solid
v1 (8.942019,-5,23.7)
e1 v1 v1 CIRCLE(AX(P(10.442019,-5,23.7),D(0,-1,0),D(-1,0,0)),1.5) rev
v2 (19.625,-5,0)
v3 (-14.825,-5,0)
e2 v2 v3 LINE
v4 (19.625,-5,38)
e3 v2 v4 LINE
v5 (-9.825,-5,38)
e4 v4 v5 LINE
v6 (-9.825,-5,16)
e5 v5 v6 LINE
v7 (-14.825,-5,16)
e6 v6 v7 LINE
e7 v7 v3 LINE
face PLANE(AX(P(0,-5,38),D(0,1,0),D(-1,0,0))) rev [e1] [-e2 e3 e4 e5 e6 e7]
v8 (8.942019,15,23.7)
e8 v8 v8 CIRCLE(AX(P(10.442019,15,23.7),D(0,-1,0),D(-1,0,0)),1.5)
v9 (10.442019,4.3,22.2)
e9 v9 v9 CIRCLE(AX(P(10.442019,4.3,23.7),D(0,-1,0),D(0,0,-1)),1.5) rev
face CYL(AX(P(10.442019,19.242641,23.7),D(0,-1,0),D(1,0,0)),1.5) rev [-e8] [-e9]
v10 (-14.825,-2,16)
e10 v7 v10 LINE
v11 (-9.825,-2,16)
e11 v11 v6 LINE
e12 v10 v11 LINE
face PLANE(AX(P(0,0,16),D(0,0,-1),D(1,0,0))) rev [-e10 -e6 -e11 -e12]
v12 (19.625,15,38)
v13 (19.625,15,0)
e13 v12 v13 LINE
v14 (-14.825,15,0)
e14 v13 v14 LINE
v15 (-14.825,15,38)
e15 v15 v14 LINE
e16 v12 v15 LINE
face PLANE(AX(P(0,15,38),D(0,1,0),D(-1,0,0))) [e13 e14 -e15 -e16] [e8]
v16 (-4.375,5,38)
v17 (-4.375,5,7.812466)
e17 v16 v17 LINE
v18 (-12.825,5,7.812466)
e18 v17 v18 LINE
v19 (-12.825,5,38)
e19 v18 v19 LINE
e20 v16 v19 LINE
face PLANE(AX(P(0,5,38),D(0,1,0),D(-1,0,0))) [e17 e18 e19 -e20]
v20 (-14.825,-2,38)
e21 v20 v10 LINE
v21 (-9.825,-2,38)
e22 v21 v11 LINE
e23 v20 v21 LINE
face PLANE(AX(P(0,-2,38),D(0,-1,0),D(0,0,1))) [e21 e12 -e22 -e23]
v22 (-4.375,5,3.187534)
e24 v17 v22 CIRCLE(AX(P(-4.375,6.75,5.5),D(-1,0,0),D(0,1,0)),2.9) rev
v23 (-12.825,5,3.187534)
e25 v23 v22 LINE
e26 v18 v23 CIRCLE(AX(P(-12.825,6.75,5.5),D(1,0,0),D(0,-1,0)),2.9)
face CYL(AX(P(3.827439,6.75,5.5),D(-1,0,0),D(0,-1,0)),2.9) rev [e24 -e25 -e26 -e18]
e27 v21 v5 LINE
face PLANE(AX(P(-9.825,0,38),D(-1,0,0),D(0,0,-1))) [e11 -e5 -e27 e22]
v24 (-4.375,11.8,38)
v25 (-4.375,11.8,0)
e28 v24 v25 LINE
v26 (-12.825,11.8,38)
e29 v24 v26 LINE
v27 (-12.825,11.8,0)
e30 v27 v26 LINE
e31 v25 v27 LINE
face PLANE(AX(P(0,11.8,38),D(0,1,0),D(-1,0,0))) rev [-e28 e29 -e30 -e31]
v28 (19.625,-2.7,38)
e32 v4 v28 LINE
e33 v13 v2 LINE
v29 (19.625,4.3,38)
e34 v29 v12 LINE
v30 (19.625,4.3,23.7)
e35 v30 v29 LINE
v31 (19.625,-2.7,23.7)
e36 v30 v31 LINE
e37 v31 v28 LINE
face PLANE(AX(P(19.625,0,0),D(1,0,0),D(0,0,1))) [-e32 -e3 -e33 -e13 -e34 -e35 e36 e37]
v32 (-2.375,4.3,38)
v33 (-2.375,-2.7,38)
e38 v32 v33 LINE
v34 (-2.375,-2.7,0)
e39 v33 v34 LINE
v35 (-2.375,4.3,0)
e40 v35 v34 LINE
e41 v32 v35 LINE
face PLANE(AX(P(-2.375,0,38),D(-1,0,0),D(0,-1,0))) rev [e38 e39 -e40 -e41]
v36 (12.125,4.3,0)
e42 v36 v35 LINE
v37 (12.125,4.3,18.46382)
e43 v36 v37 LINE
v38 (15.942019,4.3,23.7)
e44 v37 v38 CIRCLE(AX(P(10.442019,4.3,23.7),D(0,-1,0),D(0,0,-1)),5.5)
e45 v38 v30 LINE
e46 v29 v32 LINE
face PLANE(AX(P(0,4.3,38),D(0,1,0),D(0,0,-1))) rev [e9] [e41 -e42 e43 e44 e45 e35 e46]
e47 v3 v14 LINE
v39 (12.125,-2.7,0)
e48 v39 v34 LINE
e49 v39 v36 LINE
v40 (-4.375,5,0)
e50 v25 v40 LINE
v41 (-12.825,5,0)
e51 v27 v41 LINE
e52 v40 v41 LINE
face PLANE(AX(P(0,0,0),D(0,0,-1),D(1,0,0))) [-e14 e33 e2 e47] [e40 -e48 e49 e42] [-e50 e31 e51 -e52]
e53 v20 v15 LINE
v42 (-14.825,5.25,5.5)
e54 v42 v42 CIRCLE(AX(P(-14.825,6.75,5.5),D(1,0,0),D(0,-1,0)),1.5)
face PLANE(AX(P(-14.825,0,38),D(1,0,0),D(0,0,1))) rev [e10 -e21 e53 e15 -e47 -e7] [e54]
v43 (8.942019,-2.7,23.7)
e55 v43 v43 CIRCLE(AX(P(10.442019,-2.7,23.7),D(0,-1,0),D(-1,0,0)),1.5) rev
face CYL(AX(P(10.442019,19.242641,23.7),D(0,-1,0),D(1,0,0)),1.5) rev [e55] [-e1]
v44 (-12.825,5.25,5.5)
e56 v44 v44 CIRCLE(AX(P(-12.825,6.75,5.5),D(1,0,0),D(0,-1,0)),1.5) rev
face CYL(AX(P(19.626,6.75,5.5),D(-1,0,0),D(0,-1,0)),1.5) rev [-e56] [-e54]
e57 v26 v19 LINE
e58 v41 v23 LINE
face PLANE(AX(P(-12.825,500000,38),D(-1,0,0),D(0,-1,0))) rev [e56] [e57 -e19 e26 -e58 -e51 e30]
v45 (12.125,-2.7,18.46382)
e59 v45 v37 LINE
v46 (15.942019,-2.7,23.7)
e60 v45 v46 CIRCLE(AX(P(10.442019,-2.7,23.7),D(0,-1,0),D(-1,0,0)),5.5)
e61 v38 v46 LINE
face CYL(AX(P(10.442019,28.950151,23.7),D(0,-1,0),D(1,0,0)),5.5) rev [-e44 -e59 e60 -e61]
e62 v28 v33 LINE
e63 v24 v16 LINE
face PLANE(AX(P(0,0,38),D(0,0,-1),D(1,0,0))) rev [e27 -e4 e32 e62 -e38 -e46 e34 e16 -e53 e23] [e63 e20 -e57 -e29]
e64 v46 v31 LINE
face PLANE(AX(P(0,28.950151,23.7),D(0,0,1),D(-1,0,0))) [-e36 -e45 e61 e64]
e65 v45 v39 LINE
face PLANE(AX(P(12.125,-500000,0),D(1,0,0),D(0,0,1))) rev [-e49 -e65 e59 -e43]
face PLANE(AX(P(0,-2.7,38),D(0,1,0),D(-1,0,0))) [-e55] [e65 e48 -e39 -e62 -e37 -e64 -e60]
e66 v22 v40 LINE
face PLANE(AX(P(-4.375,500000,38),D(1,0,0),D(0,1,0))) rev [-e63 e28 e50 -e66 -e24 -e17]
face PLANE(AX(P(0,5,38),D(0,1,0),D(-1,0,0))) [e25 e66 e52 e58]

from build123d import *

# Parameters (mm, degrees)
SKETCH1_W                      = 19
SKETCH1_H                      = 10.7
BOSS_EXTRUDE1_DEPTH            = 38
SKETCH1_H_2                    = 2.3
BOSS_EXTRUDE1_2_DEPTH          = 38
SKETCH1_6_W                    = 12.45
SKETCH1_6_H                    = 3.2
BOSS_EXTRUDE6_DEPTH            = 38
BOSS_EXTRUDE7_DEPTH            = 16
SKETCH4_W                      = 38
SKETCH4_H                      = 2.3
SKETCH4_H_2                    = 10.7
BOSS_EXTRUDE8_DEPTH            = 3
CUT_EXTRUDE1_REACH             = 48.286
SKETCH6_R                      = 1.5
CUT_EXTRUDE1_DIRECTION_2_REACH = 48.286
BOSS_EXTRUDE10_REACH           = 45.922
SKETCH7_W                      = 2
SKETCH7_H                      = 38
BOSS_EXTRUDE11_REACH           = 46.087
SKETCH8_W                      = 7.5
SKETCH8_H                      = 38
CUT_EXTRUDE2_REACH             = 55.44
SKETCH9_R                      = 1.5
CUT_EXTRUDE3_START             = -2
SKETCH9_3_R                    = 2.9
SKETCH9_3_R_2                  = 1.5
CUT_EXTRUDE3_DEPTH             = 8.45
SKETCH6_3_R                    = 5.5
SKETCH6_3_R_2                  = 1.5
SKETCH6_3_W                    = 9.18298076
SKETCH6_3_H                    = 14.3
CUT_EXTRUDE4_DEPTH             = 7


with BuildPart() as part:
    # Sketch1 → Boss-Extrude1 (new body)
    with BuildSketch(Plane.XY):
        with Locations((7.125, 9.65)):
            Rectangle(SKETCH1_W, SKETCH1_H)
    extrude(amount=-BOSS_EXTRUDE1_DEPTH)



with BuildPart() as body_2:
    # Sketch1 → Boss-Extrude1 2 (new body)
    with BuildSketch(Plane.XY):
        with Locations((7.125, -3.85)):
            Rectangle(SKETCH1_W, SKETCH1_H_2)
    extrude(amount=-BOSS_EXTRUDE1_2_DEPTH)


with BuildPart() as part_1:
    add(part.part)

    add(body_2.part)  # Boss-Extrude6 merges body 2
    # Sketch1<6> → Boss-Extrude6 (add)
    with BuildSketch(Plane.XY):
        Polygon((-14.825, 5), (-14.825, -2), (-9.825, -2), (-9.825, -5), (-2.375, -5), (-2.375, 5), align=None)
        with Locations((-8.6, 13.4)):
            Rectangle(SKETCH1_6_W, SKETCH1_6_H)
    extrude(amount=-BOSS_EXTRUDE6_DEPTH)

    # Sketch1<7> → Boss-Extrude7 (add)
    with BuildSketch(Plane.XY):
        Polygon((-14.825, -2), (-14.825, -3.3), (-14.825, -5), (-9.825, -5), (-9.825, -2), align=None)
    extrude(amount=-BOSS_EXTRUDE7_DEPTH)

    # Sketch4 → Boss-Extrude8 (add)
    with BuildSketch(Plane(origin=(16.625, 0, 0), x_dir=(0, 0, -1), z_dir=(1, 0, 0))):
        with Locations((19, -3.85)):
            Rectangle(SKETCH4_W, SKETCH4_H)
        with Locations((19, 9.65)):
            Rectangle(SKETCH4_W, SKETCH4_H_2)
    extrude(amount=BOSS_EXTRUDE8_DEPTH)

    # Sketch6 → Cut-Extrude1 (cut, up to next)
    with BuildSketch(Plane(origin=(0, -2.7, 0), x_dir=(1, 0, 0), z_dir=(0, 1, 0)), mode=Mode.PRIVATE) as cut_extrude1_sk1:
        with Locations(Location((10.44201924, 23.7, 0), (0, 0, 270))):
            Circle(SKETCH6_R)
    cut_extrude1_tool1 = extrude(cut_extrude1_sk1.sketch, amount=-CUT_EXTRUDE1_REACH, mode=Mode.PRIVATE) & part_1.part
    # Sketch6 → Cut-Extrude1 (cut, up to next)
    with BuildSketch(Plane(origin=(0, -2.7, 0), x_dir=(1, 0, 0), z_dir=(0, 1, 0)), mode=Mode.PRIVATE) as cut_extrude1_sk2:
        with BuildLine():
            Line((10.44201924, 25.2), (10.44201924, 23.7))
            Line((10.44201924, 23.7), (11.94201924, 23.7))
            ThreePointArc((11.94201924, 23.7), (11.502679412, 24.760660172), (10.44201924, 25.2))
        make_face()
    cut_extrude1_tool2 = extrude(cut_extrude1_sk2.sketch, amount=-CUT_EXTRUDE1_REACH, mode=Mode.PRIVATE) & part_1.part
    # Sketch6 → Cut-Extrude1 (cut, up to next)
    with BuildSketch(Plane(origin=(0, -2.7, 0), x_dir=(1, 0, 0), z_dir=(0, 1, 0)), mode=Mode.PRIVATE) as cut_extrude1_sk3:
        with BuildLine():
            Line((11.94201924, 23.7), (10.44201924, 23.7))
            Line((10.44201924, 23.7), (10.44201924, 25.2))
            ThreePointArc((10.44201924, 25.2), (9.381359068, 22.639339828), (11.94201924, 23.7))
        make_face()
    cut_extrude1_tool3 = extrude(cut_extrude1_sk3.sketch, amount=-CUT_EXTRUDE1_REACH, mode=Mode.PRIVATE) & part_1.part
    add(cut_extrude1_tool1.solids().sort_by_distance((10.442019, -2.7, -23.7))[0], mode=Mode.SUBTRACT)
    add(cut_extrude1_tool2.solids().sort_by_distance((11.078639, -2.7, -24.33662))[0], mode=Mode.SUBTRACT)
    add(cut_extrude1_tool3.solids().sort_by_distance((10.229813, -2.7, -23.487793))[0], mode=Mode.SUBTRACT)

    # Cut-Extrude1 direction 2: up to this face of the body (flat: up to its plane)
    cut_extrude1_direction_2_end = Plane(part_1.part.faces().sort_by_distance((2.4, 15, -19))[0])
    # Sketch6 → Cut-Extrude1 direction 2 (cut, up to the picked face)
    with BuildSketch(Plane(origin=(0, -2.7, 0), x_dir=(1, 0, 0), z_dir=(0, 1, 0)), mode=Mode.PRIVATE) as cut_extrude1_direction_2_sk1:
        with Locations(Location((10.44201924, 23.7, 0), (0, 0, 270))):
            Circle(SKETCH6_R)
    cut_extrude1_direction_2_tool1 = split(extrude(cut_extrude1_direction_2_sk1.sketch, amount=CUT_EXTRUDE1_DIRECTION_2_REACH, mode=Mode.PRIVATE), bisect_by=cut_extrude1_direction_2_end, keep=Keep.BOTH, mode=Mode.PRIVATE)
    # Sketch6 → Cut-Extrude1 direction 2 (cut, up to the picked face)
    with BuildSketch(Plane(origin=(0, -2.7, 0), x_dir=(1, 0, 0), z_dir=(0, 1, 0)), mode=Mode.PRIVATE) as cut_extrude1_direction_2_sk2:
        with BuildLine():
            Line((10.44201924, 25.2), (10.44201924, 23.7))
            Line((10.44201924, 23.7), (11.94201924, 23.7))
            ThreePointArc((11.94201924, 23.7), (11.502679412, 24.760660172), (10.44201924, 25.2))
        make_face()
    cut_extrude1_direction_2_tool2 = split(extrude(cut_extrude1_direction_2_sk2.sketch, amount=CUT_EXTRUDE1_DIRECTION_2_REACH, mode=Mode.PRIVATE), bisect_by=cut_extrude1_direction_2_end, keep=Keep.BOTH, mode=Mode.PRIVATE)
    # Sketch6 → Cut-Extrude1 direction 2 (cut, up to the picked face)
    with BuildSketch(Plane(origin=(0, -2.7, 0), x_dir=(1, 0, 0), z_dir=(0, 1, 0)), mode=Mode.PRIVATE) as cut_extrude1_direction_2_sk3:
        with BuildLine():
            Line((11.94201924, 23.7), (10.44201924, 23.7))
            Line((10.44201924, 23.7), (10.44201924, 25.2))
            ThreePointArc((10.44201924, 25.2), (9.381359068, 22.639339828), (11.94201924, 23.7))
        make_face()
    cut_extrude1_direction_2_tool3 = split(extrude(cut_extrude1_direction_2_sk3.sketch, amount=CUT_EXTRUDE1_DIRECTION_2_REACH, mode=Mode.PRIVATE), bisect_by=cut_extrude1_direction_2_end, keep=Keep.BOTH, mode=Mode.PRIVATE)
    add(cut_extrude1_direction_2_tool1.solids().sort_by(Axis((10.442019, -2.7, -23.7), (0, 1, 0)))[0], mode=Mode.SUBTRACT)
    add(cut_extrude1_direction_2_tool2.solids().sort_by(Axis((11.078639, -2.7, -24.33662), (0, 1, 0)))[0], mode=Mode.SUBTRACT)
    add(cut_extrude1_direction_2_tool3.solids().sort_by(Axis((10.229813, -2.7, -23.487793), (0, 1, 0)))[0], mode=Mode.SUBTRACT)

    # Sketch7 → Boss-Extrude10 (add, up to next)
    with BuildSketch(Plane(origin=(0, 5, 0), x_dir=(1, 0, 0), z_dir=(0, 1, 0)), mode=Mode.PRIVATE) as boss_extrude10_sk1:
        with Locations((-3.375, 19)):
            Rectangle(SKETCH7_W, SKETCH7_H)
    boss_extrude10_tool1 = extrude(boss_extrude10_sk1.sketch, amount=BOSS_EXTRUDE10_REACH, mode=Mode.PRIVATE) - part_1.part
    # Sketch7 → Boss-Extrude10 (add, up to next)
    with BuildSketch(Plane(origin=(0, 5, 0), x_dir=(1, 0, 0), z_dir=(0, 1, 0)), mode=Mode.PRIVATE) as boss_extrude10_sk2:
        with Locations((-13.825, 19)):
            Rectangle(SKETCH7_W, SKETCH7_H)
    boss_extrude10_tool2 = extrude(boss_extrude10_sk2.sketch, amount=BOSS_EXTRUDE10_REACH, mode=Mode.PRIVATE) - part_1.part
    add(boss_extrude10_tool1.solids().sort_by_distance((-3.375, 5, -19))[0])
    add(boss_extrude10_tool2.solids().sort_by_distance((-13.825, 5, -19))[0])

    # Sketch8 → Boss-Extrude11 (add, up to next)
    with BuildSketch(Plane.XZ.offset(-4.3), mode=Mode.PRIVATE) as boss_extrude11_sk1:
        with Locations((15.875, -19)):
            Rectangle(SKETCH8_W, SKETCH8_H)
    boss_extrude11_tool1 = extrude(boss_extrude11_sk1.sketch, amount=BOSS_EXTRUDE11_REACH, mode=Mode.PRIVATE) - part_1.part
    add(boss_extrude11_tool1.solids().sort_by_distance((15.875, 4.3, -19))[0])

    # Sketch9 → Cut-Extrude2 (cut, up to next)
    with BuildSketch(Plane.ZY.offset(14.825), mode=Mode.PRIVATE) as cut_extrude2_sk1:
        with Locations(Location((-5.5, 6.75, 0), (0, 0, 270))):
            Circle(SKETCH9_R)
    cut_extrude2_tool1 = extrude(cut_extrude2_sk1.sketch, amount=-CUT_EXTRUDE2_REACH, mode=Mode.PRIVATE) & part_1.part
    add(cut_extrude2_tool1.solids().sort_by_distance((-14.825, 6.75, -5.5))[0], mode=Mode.SUBTRACT)

    # Sketch9<3> → Cut-Extrude3 (cut)
    with BuildSketch(Plane.ZY.offset(14.825).offset(CUT_EXTRUDE3_START)):
        with Locations((-5.5, 6.75)):
            Circle(SKETCH9_3_R)
        with Locations(Location((-5.5, 6.75, 0), (0, 0, 270))):
            Circle(SKETCH9_3_R_2, mode=Mode.SUBTRACT)
    extrude(amount=-CUT_EXTRUDE3_DEPTH, mode=Mode.SUBTRACT)

    # Sketch6<3> → Cut-Extrude4 (cut)
    with BuildSketch(Plane(origin=(0, -2.7, 0), x_dir=(1, 0, 0), z_dir=(0, 1, 0))):
        with Locations((10.44201924, 23.7)):
            Circle(SKETCH6_3_R)
        with Locations(Location((10.44201924, 23.7, 0), (0, 0, 270))):
            Circle(SKETCH6_3_R_2, mode=Mode.SUBTRACT)
        with Locations((15.03350962, 30.85)):
            Rectangle(SKETCH6_3_W, SKETCH6_3_H)
    extrude(amount=CUT_EXTRUDE4_DEPTH, mode=Mode.SUBTRACT)


with BuildPart() as body_2_2:
    # Mirror2: mirrored copy
    add(part_1.part.mirror(Plane.XY))


solid = body_2_2.part
